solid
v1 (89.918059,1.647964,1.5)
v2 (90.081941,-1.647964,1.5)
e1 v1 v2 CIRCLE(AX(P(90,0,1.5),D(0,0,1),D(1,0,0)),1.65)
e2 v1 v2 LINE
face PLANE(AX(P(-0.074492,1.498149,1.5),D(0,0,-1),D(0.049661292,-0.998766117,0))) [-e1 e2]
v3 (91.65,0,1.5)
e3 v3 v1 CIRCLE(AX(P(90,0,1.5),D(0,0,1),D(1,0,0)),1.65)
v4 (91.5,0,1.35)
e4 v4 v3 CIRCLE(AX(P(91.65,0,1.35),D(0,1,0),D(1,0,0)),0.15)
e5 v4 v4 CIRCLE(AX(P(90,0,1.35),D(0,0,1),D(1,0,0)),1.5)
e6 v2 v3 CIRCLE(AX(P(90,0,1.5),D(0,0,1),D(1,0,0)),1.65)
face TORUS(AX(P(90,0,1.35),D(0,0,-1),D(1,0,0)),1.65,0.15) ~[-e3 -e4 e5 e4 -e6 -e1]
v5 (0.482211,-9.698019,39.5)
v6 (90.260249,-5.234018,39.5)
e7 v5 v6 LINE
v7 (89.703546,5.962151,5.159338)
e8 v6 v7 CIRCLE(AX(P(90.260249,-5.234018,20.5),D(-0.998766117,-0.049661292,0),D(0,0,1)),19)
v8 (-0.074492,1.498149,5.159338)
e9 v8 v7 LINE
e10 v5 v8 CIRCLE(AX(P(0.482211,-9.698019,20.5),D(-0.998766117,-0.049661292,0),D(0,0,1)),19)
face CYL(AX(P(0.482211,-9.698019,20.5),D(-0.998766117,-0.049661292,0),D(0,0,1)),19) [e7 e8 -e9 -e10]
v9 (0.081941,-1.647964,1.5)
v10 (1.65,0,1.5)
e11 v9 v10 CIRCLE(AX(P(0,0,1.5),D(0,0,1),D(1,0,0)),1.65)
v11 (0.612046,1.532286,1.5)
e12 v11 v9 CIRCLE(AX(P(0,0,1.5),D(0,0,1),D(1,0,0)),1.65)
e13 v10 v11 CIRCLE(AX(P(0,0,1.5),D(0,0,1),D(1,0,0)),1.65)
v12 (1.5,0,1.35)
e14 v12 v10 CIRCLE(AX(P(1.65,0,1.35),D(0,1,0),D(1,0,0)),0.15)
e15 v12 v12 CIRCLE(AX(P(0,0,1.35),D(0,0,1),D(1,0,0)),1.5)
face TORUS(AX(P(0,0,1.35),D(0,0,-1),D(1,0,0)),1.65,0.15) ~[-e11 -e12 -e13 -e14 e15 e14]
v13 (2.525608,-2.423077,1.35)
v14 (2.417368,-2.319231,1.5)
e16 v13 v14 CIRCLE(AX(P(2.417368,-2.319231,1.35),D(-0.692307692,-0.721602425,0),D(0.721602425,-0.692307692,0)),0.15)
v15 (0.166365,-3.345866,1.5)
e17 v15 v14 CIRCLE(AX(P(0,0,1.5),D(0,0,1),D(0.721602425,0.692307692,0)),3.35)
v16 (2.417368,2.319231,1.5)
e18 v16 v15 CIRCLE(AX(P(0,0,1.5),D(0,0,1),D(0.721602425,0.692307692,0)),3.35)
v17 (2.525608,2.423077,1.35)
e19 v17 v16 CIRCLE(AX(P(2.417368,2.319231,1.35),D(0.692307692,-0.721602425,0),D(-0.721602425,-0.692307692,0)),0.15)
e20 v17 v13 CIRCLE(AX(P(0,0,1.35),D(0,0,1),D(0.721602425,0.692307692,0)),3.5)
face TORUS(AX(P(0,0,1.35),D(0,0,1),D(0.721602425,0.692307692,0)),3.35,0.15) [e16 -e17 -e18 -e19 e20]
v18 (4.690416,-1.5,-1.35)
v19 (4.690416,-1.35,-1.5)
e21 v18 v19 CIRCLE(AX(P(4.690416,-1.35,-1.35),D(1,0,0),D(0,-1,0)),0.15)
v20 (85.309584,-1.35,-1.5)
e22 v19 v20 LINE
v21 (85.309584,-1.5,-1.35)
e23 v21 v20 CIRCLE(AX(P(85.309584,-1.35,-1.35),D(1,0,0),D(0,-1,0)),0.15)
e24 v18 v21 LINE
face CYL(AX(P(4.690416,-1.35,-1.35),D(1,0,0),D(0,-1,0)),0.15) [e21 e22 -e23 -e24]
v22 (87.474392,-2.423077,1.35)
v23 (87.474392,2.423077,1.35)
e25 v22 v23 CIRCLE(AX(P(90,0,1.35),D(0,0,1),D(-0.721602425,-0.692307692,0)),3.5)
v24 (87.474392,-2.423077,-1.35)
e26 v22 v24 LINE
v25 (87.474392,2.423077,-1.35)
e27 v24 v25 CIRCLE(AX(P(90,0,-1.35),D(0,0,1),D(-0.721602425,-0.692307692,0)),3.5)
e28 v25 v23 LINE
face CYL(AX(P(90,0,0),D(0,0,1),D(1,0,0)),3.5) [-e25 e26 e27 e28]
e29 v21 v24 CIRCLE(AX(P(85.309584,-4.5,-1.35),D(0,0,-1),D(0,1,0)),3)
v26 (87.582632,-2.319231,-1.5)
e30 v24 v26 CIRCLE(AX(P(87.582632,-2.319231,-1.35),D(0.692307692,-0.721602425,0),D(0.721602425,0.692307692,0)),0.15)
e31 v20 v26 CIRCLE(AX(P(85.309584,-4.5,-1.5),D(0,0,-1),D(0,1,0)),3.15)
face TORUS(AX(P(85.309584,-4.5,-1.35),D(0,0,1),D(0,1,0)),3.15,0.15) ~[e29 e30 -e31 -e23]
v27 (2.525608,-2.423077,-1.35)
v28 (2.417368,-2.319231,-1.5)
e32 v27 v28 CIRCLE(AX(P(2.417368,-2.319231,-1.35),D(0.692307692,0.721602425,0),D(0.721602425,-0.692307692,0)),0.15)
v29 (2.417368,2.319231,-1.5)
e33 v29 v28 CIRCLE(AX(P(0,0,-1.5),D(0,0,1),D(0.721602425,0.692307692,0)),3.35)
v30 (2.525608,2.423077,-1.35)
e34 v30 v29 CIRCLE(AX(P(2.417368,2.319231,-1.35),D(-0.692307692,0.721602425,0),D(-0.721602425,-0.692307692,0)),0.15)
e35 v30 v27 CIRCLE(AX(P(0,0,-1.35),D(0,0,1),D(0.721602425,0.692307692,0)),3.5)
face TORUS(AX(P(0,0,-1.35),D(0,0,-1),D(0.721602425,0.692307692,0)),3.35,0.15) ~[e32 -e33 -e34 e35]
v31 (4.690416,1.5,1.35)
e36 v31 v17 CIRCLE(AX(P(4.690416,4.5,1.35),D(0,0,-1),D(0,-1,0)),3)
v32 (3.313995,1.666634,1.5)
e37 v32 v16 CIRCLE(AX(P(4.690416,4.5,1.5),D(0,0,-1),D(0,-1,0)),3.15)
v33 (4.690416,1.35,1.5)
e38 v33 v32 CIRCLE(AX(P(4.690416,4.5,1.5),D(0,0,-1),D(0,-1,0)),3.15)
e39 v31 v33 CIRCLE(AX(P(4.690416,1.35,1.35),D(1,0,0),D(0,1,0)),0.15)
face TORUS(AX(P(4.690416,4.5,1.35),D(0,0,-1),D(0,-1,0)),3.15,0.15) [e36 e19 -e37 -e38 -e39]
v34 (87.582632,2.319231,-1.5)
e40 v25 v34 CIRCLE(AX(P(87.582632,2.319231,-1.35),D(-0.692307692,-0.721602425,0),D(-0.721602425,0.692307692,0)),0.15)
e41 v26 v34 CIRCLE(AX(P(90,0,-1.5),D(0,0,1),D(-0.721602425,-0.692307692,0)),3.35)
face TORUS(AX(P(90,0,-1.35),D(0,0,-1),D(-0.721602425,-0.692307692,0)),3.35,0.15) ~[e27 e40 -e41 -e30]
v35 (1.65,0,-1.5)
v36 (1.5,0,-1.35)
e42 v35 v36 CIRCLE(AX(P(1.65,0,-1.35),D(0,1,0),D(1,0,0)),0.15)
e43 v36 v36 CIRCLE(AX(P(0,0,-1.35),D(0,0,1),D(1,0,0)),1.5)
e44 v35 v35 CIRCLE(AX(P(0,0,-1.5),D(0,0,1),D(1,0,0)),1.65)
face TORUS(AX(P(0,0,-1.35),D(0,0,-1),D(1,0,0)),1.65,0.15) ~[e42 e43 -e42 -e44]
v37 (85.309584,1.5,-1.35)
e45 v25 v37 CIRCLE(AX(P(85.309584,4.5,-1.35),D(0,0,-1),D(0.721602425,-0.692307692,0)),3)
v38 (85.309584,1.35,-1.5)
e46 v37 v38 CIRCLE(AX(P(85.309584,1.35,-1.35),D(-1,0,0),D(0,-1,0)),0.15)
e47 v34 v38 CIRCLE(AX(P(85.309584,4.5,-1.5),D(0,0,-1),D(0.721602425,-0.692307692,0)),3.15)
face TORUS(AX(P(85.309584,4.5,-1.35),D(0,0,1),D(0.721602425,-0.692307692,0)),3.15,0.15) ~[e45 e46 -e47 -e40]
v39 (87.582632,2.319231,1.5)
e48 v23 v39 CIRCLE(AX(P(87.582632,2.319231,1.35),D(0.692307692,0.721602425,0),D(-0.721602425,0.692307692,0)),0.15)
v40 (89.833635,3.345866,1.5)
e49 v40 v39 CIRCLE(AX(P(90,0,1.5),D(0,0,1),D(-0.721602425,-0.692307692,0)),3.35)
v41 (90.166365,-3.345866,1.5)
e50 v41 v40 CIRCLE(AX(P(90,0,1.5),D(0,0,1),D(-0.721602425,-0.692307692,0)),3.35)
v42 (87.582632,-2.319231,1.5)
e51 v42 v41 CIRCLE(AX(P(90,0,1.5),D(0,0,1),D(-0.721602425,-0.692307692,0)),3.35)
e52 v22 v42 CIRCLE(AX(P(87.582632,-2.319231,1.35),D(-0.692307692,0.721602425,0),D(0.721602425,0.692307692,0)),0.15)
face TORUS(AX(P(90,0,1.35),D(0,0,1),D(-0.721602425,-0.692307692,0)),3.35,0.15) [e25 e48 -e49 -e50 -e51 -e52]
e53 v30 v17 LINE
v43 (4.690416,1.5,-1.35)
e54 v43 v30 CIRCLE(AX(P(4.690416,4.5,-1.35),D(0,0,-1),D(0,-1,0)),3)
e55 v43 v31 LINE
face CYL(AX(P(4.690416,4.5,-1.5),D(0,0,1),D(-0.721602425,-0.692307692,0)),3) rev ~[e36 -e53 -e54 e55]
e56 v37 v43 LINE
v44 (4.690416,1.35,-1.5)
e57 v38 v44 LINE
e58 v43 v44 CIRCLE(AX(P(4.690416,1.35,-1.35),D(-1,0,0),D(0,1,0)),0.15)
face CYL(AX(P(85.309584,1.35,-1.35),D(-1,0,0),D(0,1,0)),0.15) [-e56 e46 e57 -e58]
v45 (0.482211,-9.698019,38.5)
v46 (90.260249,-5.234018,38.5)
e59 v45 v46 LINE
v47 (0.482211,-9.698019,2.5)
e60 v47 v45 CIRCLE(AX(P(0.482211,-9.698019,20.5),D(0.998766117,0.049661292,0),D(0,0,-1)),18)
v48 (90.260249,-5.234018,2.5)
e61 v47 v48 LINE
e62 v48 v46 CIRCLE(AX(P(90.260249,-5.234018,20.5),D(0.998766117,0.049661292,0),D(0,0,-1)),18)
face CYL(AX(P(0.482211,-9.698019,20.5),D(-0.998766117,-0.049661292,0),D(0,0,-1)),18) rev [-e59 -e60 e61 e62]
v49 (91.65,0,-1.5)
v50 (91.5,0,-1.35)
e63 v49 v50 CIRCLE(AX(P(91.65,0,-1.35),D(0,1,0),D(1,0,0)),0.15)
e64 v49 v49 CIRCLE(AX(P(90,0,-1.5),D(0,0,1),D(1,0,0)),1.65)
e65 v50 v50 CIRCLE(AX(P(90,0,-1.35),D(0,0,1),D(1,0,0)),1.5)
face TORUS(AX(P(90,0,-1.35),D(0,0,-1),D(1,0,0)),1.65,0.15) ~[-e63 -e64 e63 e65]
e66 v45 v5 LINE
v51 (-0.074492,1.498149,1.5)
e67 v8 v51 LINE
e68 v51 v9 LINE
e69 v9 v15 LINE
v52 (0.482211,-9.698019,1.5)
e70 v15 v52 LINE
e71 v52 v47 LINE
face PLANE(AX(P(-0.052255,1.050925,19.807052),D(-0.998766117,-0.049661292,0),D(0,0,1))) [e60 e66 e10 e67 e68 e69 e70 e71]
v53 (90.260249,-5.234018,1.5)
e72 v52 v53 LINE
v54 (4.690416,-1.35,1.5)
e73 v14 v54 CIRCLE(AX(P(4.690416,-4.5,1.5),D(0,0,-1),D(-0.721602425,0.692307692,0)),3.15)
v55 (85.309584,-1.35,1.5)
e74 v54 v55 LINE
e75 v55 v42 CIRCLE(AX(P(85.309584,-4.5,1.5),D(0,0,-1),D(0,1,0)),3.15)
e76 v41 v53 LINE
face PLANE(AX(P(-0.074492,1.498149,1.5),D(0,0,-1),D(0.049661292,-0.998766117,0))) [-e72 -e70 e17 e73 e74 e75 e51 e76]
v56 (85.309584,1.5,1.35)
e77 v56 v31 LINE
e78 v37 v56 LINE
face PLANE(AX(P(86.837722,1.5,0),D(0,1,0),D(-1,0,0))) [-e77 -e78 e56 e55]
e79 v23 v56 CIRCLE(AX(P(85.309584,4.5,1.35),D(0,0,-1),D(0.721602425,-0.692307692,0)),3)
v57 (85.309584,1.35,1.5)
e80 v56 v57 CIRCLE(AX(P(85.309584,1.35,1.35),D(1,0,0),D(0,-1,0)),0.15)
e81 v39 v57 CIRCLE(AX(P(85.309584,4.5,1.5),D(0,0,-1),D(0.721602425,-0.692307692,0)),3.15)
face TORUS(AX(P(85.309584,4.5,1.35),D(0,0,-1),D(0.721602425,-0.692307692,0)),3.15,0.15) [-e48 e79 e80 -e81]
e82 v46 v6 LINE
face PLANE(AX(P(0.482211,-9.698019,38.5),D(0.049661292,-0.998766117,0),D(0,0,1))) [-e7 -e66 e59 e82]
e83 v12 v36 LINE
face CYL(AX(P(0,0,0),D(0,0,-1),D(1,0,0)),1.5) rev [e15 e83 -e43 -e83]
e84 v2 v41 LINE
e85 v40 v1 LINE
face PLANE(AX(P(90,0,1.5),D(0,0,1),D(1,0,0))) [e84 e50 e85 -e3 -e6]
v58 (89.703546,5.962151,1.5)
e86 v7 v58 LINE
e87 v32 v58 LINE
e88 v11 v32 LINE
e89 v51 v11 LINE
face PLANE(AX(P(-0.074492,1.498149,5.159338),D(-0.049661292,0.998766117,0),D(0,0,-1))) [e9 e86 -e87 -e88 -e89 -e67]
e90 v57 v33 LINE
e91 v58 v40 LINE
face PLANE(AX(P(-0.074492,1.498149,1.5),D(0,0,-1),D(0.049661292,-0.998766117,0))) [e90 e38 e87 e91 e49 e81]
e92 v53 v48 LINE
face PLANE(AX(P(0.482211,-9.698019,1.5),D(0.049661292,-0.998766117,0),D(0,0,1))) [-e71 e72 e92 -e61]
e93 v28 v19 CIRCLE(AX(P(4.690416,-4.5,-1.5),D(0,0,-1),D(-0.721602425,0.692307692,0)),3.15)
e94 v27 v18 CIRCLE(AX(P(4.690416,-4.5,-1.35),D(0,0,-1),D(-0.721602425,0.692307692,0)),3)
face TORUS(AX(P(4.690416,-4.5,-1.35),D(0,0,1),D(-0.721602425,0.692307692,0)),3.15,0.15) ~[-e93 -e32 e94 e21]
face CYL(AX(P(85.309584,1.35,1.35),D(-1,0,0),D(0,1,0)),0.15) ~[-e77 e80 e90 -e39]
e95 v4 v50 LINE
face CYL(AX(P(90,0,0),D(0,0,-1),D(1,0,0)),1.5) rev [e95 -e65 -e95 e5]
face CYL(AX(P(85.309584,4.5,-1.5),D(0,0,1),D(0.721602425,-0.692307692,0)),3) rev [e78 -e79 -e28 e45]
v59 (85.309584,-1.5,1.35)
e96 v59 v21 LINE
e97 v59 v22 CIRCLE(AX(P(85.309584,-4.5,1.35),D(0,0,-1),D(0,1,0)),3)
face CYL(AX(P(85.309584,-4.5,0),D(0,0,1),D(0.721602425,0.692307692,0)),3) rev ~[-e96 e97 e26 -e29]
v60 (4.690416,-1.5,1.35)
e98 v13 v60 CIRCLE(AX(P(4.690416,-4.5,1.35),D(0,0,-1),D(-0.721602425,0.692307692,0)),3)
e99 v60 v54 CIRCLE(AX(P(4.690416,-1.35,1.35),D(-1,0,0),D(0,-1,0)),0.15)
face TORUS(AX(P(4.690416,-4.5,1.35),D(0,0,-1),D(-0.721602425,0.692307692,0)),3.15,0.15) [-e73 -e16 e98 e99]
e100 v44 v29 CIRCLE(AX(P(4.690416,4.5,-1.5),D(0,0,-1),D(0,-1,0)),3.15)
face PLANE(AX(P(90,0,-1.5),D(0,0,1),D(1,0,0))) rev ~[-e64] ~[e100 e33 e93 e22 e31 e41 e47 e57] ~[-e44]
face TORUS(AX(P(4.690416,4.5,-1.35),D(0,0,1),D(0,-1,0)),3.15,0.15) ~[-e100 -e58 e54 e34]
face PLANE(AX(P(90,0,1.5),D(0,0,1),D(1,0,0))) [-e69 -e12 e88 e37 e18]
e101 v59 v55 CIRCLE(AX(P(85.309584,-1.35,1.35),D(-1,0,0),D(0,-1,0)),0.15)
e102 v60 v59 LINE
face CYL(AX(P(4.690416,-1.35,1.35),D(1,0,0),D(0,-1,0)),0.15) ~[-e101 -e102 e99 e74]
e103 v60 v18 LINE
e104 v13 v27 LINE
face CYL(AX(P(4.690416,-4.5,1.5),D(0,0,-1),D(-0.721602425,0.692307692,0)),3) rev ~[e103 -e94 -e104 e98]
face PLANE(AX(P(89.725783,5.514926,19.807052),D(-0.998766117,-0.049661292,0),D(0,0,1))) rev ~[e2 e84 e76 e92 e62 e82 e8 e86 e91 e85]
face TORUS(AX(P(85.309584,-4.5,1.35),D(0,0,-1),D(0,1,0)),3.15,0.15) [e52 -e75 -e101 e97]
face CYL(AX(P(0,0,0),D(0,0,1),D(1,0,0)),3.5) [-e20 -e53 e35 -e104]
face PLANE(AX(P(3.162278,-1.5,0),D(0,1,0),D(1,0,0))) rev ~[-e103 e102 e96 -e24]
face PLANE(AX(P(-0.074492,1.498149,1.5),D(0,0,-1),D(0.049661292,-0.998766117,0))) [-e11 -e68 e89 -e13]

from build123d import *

# Parameters (mm, degrees)
SKETCH1_R           = 3.5
SKETCH1_R_2         = 1.5
BOSS_EXTRUDE1_DEPTH = 1.5
FILLET1_R           = 3
FILLET2_R           = 0.15
EXTRUDE_1_DEPTH     = 89.888950514


with BuildPart() as part:
    # Sketch1 → Boss-Extrude1 (new, symmetric)
    # profile 1 of 3: a face of its own
    with BuildSketch(Plane.XY):
        Circle(SKETCH1_R)
        Circle(SKETCH1_R_2, mode=Mode.SUBTRACT)
    # profile 2 of 3: a face of its own
    with BuildSketch(Plane.XY):
        with BuildLine():
            ThreePointArc((3.5, 0), (3.414525722, -0.768774411), (3.16227766, -1.5))
            Line((3.16227766, -1.5), (86.83772234, -1.5))
            ThreePointArc((86.83772234, -1.5), (86.5, 0), (86.83772234, 1.5))
            Line((86.83772234, 1.5), (3.16227766, 1.5))
            ThreePointArc((3.16227766, 1.5), (3.414525722, 0.768774411), (3.5, 0))
        make_face()
    # profile 3 of 3: a face of its own
    with BuildSketch(Plane.XY):
        with Locations((90, 0)):
            Circle(SKETCH1_R)
        with Locations((90, 0)):
            Circle(SKETCH1_R_2, mode=Mode.SUBTRACT)
    extrude(amount=BOSS_EXTRUDE1_DEPTH, both=True)

    # Fillet1
    fillet1_edges = [part.edges().sort_by_distance(p)[0] for p in [
        (86.83772234, 1.5, 0),
        (86.83772234, -1.5, 0),
        (3.16227766, -1.5, 0),
        (3.16227766, 1.5, 0),
    ]]
    fillet(fillet1_edges, radius=FILLET1_R)

    # Fillet2
    fillet2_edges = [part.edges().sort_by_distance(p)[0] for p in [
        (45, -1.5, -1.5),
        (45, -1.5, 1.5),
        (-1.5, 0, 1.5),
        (-3.5, 0, -1.5),
        (-3.5, 0, 1.5),
        (93.5, 0, -1.5),
        (93.5, 0, 1.5),
        (88.5, 0, 1.5),
        (45, 1.5, -1.5),
        (45, 1.5, 1.5),
        (3.513718949, -1.740401367, -1.5),
        (3.513718949, -1.740401367, 1.5),
        (86.486281051, -1.740401367, -1.5),
        (86.486281051, -1.740401367, 1.5),
        (86.486281051, 1.740401367, -1.5),
        (86.486281051, 1.740401367, 1.5),
        (3.513718949, 1.740401367, -1.5),
        (3.513718949, 1.740401367, 1.5),
        (88.5, 0, -1.5),
        (-1.5, 0, -1.5),
    ]]
    fillet(fillet2_edges, radius=FILLET2_R)

    # 草图3 → 凸台-拉伸1 (add)
    with BuildSketch(Plane(origin=(0, 0, 0), x_dir=(0, 0, 1), z_dir=(-0.9987661168213675, -0.04966129166228532, 0))):
        with BuildLine():
            Line((1.5, -9.709999982), (2.5, -9.709999982))
            ThreePointArc((2.5, -9.709999982), (20.5, 8.290000018), (38.5, -9.709999982))
            Line((38.5, -9.709999982), (39.5, -9.709999982))
            ThreePointArc((39.5, -9.709999982), (26.396076166, 8.352012249), (5.159338333, 1.5))
            Line((5.159338333, 1.5), (1.5, 1.5))
            Line((1.5, 1.5), (1.5, 0))
            Line((1.5, 0), (1.5, -9.709999982))
        make_face()
    extrude(amount=-EXTRUDE_1_DEPTH)


solid = part.part
